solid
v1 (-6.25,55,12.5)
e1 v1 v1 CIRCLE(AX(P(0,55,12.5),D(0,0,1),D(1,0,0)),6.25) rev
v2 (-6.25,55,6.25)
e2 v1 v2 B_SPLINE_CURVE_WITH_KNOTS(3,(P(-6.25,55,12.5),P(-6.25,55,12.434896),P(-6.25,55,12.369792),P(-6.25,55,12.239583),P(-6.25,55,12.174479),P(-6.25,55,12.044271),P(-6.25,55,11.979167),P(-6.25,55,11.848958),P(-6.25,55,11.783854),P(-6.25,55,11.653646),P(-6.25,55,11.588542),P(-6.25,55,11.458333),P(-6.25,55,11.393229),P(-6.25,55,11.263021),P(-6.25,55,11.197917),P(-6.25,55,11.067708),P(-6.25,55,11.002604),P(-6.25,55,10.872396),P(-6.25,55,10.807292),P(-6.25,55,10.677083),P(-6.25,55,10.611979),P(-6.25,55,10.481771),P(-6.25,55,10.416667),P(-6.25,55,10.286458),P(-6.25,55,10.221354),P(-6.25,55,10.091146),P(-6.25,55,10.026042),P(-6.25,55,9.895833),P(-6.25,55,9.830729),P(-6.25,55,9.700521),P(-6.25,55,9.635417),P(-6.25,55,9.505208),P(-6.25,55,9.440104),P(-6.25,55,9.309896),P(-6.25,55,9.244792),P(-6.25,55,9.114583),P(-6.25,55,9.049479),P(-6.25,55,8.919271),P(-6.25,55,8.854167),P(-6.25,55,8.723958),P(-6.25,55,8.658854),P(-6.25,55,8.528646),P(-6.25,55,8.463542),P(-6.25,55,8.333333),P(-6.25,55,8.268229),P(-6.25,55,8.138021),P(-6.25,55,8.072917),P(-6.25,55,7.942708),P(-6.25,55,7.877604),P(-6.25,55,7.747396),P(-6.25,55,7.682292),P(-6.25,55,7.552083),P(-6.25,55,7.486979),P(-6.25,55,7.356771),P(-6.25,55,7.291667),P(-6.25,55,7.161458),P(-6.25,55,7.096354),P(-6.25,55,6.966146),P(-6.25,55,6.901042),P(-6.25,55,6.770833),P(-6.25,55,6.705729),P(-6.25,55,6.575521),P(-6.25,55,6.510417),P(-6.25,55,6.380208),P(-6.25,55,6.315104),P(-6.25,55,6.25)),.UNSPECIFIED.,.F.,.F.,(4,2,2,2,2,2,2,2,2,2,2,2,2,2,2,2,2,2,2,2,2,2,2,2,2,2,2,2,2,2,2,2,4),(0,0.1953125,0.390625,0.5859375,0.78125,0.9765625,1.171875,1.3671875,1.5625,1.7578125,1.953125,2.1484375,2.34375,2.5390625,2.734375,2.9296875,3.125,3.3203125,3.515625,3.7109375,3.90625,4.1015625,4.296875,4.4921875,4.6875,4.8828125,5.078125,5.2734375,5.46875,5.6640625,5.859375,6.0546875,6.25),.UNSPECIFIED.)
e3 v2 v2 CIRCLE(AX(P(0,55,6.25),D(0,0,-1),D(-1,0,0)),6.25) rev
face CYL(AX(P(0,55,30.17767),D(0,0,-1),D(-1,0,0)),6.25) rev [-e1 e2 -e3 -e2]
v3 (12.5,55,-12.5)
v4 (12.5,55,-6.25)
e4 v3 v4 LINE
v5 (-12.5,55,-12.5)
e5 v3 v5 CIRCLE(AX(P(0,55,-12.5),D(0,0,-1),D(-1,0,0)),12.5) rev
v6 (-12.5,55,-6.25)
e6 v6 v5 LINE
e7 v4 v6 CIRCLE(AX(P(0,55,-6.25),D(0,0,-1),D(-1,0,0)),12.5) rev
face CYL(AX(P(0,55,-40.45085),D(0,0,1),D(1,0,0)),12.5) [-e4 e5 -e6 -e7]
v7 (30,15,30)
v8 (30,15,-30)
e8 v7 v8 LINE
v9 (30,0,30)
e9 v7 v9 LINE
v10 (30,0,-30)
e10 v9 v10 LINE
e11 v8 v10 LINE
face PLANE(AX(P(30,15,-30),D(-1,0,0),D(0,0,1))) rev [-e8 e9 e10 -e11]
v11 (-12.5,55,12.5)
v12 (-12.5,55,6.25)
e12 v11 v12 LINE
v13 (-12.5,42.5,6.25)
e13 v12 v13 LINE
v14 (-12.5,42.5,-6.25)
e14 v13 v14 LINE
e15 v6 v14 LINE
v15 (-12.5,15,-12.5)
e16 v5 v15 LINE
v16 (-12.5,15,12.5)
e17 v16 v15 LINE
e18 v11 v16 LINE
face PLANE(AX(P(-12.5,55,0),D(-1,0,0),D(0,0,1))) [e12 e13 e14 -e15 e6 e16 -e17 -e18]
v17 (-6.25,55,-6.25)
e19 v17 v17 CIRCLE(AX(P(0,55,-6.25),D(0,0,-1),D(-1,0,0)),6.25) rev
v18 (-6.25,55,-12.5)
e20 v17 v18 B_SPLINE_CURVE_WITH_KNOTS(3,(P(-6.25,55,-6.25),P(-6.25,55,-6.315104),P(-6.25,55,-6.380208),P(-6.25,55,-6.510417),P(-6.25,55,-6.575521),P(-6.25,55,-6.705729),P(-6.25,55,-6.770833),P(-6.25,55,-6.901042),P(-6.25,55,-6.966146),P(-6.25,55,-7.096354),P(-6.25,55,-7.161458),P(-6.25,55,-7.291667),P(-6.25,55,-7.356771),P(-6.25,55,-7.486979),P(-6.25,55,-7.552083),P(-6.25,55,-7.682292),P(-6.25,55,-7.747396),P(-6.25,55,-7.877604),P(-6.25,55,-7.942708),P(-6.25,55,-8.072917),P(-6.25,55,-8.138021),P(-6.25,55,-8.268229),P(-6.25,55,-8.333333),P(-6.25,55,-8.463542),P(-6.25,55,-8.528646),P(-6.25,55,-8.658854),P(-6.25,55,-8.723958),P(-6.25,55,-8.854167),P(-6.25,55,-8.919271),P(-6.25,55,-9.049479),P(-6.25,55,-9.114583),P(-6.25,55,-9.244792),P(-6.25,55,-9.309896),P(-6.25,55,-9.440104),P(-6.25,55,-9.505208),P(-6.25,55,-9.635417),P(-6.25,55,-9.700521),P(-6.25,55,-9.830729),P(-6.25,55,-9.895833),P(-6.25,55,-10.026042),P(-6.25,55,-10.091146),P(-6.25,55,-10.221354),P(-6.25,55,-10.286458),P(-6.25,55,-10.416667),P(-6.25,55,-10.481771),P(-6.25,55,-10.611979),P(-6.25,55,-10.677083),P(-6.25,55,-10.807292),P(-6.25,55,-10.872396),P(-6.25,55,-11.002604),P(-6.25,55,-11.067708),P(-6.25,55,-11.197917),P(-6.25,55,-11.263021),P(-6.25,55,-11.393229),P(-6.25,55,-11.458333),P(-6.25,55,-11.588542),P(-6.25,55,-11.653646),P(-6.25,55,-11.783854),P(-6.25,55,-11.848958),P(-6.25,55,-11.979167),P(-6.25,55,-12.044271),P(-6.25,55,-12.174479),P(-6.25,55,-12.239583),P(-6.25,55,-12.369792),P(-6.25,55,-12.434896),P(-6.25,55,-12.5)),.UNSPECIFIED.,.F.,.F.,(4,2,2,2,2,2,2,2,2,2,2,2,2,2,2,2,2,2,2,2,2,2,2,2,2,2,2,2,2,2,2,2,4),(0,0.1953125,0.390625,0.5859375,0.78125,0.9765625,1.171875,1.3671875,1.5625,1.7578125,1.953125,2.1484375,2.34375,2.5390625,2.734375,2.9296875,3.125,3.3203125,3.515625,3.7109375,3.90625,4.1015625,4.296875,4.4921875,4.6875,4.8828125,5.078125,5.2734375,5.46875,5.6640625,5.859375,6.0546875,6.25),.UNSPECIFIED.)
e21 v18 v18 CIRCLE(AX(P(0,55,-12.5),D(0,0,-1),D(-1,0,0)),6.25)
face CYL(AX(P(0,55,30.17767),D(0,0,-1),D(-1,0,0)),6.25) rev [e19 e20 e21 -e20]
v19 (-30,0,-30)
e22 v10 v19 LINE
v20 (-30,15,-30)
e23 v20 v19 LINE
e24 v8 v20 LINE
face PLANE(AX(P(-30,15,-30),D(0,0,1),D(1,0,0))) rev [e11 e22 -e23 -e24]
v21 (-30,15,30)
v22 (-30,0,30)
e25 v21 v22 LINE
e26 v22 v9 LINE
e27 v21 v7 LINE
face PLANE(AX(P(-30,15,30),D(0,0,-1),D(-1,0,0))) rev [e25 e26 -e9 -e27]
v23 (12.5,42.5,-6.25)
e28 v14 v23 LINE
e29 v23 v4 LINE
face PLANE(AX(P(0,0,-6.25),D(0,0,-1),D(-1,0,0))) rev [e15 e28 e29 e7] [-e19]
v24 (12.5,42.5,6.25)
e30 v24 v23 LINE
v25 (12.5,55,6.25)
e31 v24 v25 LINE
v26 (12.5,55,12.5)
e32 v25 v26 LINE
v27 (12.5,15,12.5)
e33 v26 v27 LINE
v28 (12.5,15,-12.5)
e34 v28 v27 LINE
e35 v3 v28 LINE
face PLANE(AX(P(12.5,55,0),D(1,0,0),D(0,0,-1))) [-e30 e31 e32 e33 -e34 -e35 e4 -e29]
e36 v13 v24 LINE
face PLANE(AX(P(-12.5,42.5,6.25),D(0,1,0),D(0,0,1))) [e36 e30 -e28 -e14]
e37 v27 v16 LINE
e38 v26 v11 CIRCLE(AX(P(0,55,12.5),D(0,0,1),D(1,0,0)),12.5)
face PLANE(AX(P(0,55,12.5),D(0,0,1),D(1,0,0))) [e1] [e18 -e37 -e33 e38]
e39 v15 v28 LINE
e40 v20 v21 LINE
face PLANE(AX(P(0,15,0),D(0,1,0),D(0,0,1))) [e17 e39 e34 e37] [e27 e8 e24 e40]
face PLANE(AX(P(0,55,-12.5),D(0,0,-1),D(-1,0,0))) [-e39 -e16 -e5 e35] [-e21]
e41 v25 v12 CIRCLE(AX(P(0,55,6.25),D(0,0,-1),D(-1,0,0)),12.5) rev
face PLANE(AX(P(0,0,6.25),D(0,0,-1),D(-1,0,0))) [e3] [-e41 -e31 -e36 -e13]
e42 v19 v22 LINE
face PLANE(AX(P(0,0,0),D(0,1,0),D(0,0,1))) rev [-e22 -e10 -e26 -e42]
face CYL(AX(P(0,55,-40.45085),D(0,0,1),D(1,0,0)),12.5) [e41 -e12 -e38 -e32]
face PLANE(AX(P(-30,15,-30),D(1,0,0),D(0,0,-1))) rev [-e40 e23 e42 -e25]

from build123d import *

# Parameters (mm, degrees)
SKETCH_1_W               = 60
SKETCH_1_H               = 60
EXTRUDE_1_DEPTH          = 15
EXTRUDE_START            = 15
SKETCH_2_W               = 25
SKETCH_2_H               = 25
EXTRUDE_2_DEPTH          = 40
EXTRUDE_START_2          = 12.5
EXTRUDE_3_DEPTH          = 25
CUT_EXTRUDE_START        = -12.5
SKETCH_8_R               = 6.25
CUT_EXTRUDE_5_DEPTH      = 25
CUT_EXTRUDE_6_DEPTH      = 6.25
CUT_EXTRUDE_6_DEPTH_BACK = 6.25
SKETCH_9_W               = 25
SKETCH_9_H               = 25


with BuildPart() as part:
    # 草图1 → 凸台-拉伸1 (new body)
    with BuildSketch(Plane(origin=(0, 0, 0), x_dir=(1, 0, 0), z_dir=(0, 1, 0))):
        Rectangle(SKETCH_1_W, SKETCH_1_H)
    extrude(amount=EXTRUDE_1_DEPTH)

    # 草图2 → 凸台-拉伸2 (add)
    with BuildSketch(Plane(origin=(0, 0, 0), x_dir=(1, 0, 0), z_dir=(0, 1, 0)).offset(EXTRUDE_START)):
        Rectangle(SKETCH_2_W, SKETCH_2_H)
    extrude(amount=EXTRUDE_2_DEPTH)

    # 草图6 → 凸台-拉伸3 (add)
    with BuildSketch(Plane.XY.offset(EXTRUDE_START_2)):
        with BuildLine():
            Line((-12.5, 55), (12.5, 55))
            ThreePointArc((12.5, 55), (0, 67.5), (-12.5, 55))
        make_face()
    extrude(amount=-EXTRUDE_3_DEPTH)

    # 草图8 → 切除-拉伸5 (cut)
    with BuildSketch(Plane.XY.offset(CUT_EXTRUDE_START)):
        with Locations(Location((0, 55, 0), (0, 0, 180))):
            Circle(SKETCH_8_R)
    extrude(amount=CUT_EXTRUDE_5_DEPTH, mode=Mode.SUBTRACT)

    # 草图9 → 切除-拉伸6 (cut, two sides: drawn at the far end of the back side and taken through both)
    with BuildSketch(Plane.XY.offset(-CUT_EXTRUDE_6_DEPTH_BACK)):
        with Locations((0, 55)):
            Rectangle(SKETCH_9_W, SKETCH_9_H)
    extrude(amount=CUT_EXTRUDE_6_DEPTH + CUT_EXTRUDE_6_DEPTH_BACK, mode=Mode.SUBTRACT)


solid = part.part
